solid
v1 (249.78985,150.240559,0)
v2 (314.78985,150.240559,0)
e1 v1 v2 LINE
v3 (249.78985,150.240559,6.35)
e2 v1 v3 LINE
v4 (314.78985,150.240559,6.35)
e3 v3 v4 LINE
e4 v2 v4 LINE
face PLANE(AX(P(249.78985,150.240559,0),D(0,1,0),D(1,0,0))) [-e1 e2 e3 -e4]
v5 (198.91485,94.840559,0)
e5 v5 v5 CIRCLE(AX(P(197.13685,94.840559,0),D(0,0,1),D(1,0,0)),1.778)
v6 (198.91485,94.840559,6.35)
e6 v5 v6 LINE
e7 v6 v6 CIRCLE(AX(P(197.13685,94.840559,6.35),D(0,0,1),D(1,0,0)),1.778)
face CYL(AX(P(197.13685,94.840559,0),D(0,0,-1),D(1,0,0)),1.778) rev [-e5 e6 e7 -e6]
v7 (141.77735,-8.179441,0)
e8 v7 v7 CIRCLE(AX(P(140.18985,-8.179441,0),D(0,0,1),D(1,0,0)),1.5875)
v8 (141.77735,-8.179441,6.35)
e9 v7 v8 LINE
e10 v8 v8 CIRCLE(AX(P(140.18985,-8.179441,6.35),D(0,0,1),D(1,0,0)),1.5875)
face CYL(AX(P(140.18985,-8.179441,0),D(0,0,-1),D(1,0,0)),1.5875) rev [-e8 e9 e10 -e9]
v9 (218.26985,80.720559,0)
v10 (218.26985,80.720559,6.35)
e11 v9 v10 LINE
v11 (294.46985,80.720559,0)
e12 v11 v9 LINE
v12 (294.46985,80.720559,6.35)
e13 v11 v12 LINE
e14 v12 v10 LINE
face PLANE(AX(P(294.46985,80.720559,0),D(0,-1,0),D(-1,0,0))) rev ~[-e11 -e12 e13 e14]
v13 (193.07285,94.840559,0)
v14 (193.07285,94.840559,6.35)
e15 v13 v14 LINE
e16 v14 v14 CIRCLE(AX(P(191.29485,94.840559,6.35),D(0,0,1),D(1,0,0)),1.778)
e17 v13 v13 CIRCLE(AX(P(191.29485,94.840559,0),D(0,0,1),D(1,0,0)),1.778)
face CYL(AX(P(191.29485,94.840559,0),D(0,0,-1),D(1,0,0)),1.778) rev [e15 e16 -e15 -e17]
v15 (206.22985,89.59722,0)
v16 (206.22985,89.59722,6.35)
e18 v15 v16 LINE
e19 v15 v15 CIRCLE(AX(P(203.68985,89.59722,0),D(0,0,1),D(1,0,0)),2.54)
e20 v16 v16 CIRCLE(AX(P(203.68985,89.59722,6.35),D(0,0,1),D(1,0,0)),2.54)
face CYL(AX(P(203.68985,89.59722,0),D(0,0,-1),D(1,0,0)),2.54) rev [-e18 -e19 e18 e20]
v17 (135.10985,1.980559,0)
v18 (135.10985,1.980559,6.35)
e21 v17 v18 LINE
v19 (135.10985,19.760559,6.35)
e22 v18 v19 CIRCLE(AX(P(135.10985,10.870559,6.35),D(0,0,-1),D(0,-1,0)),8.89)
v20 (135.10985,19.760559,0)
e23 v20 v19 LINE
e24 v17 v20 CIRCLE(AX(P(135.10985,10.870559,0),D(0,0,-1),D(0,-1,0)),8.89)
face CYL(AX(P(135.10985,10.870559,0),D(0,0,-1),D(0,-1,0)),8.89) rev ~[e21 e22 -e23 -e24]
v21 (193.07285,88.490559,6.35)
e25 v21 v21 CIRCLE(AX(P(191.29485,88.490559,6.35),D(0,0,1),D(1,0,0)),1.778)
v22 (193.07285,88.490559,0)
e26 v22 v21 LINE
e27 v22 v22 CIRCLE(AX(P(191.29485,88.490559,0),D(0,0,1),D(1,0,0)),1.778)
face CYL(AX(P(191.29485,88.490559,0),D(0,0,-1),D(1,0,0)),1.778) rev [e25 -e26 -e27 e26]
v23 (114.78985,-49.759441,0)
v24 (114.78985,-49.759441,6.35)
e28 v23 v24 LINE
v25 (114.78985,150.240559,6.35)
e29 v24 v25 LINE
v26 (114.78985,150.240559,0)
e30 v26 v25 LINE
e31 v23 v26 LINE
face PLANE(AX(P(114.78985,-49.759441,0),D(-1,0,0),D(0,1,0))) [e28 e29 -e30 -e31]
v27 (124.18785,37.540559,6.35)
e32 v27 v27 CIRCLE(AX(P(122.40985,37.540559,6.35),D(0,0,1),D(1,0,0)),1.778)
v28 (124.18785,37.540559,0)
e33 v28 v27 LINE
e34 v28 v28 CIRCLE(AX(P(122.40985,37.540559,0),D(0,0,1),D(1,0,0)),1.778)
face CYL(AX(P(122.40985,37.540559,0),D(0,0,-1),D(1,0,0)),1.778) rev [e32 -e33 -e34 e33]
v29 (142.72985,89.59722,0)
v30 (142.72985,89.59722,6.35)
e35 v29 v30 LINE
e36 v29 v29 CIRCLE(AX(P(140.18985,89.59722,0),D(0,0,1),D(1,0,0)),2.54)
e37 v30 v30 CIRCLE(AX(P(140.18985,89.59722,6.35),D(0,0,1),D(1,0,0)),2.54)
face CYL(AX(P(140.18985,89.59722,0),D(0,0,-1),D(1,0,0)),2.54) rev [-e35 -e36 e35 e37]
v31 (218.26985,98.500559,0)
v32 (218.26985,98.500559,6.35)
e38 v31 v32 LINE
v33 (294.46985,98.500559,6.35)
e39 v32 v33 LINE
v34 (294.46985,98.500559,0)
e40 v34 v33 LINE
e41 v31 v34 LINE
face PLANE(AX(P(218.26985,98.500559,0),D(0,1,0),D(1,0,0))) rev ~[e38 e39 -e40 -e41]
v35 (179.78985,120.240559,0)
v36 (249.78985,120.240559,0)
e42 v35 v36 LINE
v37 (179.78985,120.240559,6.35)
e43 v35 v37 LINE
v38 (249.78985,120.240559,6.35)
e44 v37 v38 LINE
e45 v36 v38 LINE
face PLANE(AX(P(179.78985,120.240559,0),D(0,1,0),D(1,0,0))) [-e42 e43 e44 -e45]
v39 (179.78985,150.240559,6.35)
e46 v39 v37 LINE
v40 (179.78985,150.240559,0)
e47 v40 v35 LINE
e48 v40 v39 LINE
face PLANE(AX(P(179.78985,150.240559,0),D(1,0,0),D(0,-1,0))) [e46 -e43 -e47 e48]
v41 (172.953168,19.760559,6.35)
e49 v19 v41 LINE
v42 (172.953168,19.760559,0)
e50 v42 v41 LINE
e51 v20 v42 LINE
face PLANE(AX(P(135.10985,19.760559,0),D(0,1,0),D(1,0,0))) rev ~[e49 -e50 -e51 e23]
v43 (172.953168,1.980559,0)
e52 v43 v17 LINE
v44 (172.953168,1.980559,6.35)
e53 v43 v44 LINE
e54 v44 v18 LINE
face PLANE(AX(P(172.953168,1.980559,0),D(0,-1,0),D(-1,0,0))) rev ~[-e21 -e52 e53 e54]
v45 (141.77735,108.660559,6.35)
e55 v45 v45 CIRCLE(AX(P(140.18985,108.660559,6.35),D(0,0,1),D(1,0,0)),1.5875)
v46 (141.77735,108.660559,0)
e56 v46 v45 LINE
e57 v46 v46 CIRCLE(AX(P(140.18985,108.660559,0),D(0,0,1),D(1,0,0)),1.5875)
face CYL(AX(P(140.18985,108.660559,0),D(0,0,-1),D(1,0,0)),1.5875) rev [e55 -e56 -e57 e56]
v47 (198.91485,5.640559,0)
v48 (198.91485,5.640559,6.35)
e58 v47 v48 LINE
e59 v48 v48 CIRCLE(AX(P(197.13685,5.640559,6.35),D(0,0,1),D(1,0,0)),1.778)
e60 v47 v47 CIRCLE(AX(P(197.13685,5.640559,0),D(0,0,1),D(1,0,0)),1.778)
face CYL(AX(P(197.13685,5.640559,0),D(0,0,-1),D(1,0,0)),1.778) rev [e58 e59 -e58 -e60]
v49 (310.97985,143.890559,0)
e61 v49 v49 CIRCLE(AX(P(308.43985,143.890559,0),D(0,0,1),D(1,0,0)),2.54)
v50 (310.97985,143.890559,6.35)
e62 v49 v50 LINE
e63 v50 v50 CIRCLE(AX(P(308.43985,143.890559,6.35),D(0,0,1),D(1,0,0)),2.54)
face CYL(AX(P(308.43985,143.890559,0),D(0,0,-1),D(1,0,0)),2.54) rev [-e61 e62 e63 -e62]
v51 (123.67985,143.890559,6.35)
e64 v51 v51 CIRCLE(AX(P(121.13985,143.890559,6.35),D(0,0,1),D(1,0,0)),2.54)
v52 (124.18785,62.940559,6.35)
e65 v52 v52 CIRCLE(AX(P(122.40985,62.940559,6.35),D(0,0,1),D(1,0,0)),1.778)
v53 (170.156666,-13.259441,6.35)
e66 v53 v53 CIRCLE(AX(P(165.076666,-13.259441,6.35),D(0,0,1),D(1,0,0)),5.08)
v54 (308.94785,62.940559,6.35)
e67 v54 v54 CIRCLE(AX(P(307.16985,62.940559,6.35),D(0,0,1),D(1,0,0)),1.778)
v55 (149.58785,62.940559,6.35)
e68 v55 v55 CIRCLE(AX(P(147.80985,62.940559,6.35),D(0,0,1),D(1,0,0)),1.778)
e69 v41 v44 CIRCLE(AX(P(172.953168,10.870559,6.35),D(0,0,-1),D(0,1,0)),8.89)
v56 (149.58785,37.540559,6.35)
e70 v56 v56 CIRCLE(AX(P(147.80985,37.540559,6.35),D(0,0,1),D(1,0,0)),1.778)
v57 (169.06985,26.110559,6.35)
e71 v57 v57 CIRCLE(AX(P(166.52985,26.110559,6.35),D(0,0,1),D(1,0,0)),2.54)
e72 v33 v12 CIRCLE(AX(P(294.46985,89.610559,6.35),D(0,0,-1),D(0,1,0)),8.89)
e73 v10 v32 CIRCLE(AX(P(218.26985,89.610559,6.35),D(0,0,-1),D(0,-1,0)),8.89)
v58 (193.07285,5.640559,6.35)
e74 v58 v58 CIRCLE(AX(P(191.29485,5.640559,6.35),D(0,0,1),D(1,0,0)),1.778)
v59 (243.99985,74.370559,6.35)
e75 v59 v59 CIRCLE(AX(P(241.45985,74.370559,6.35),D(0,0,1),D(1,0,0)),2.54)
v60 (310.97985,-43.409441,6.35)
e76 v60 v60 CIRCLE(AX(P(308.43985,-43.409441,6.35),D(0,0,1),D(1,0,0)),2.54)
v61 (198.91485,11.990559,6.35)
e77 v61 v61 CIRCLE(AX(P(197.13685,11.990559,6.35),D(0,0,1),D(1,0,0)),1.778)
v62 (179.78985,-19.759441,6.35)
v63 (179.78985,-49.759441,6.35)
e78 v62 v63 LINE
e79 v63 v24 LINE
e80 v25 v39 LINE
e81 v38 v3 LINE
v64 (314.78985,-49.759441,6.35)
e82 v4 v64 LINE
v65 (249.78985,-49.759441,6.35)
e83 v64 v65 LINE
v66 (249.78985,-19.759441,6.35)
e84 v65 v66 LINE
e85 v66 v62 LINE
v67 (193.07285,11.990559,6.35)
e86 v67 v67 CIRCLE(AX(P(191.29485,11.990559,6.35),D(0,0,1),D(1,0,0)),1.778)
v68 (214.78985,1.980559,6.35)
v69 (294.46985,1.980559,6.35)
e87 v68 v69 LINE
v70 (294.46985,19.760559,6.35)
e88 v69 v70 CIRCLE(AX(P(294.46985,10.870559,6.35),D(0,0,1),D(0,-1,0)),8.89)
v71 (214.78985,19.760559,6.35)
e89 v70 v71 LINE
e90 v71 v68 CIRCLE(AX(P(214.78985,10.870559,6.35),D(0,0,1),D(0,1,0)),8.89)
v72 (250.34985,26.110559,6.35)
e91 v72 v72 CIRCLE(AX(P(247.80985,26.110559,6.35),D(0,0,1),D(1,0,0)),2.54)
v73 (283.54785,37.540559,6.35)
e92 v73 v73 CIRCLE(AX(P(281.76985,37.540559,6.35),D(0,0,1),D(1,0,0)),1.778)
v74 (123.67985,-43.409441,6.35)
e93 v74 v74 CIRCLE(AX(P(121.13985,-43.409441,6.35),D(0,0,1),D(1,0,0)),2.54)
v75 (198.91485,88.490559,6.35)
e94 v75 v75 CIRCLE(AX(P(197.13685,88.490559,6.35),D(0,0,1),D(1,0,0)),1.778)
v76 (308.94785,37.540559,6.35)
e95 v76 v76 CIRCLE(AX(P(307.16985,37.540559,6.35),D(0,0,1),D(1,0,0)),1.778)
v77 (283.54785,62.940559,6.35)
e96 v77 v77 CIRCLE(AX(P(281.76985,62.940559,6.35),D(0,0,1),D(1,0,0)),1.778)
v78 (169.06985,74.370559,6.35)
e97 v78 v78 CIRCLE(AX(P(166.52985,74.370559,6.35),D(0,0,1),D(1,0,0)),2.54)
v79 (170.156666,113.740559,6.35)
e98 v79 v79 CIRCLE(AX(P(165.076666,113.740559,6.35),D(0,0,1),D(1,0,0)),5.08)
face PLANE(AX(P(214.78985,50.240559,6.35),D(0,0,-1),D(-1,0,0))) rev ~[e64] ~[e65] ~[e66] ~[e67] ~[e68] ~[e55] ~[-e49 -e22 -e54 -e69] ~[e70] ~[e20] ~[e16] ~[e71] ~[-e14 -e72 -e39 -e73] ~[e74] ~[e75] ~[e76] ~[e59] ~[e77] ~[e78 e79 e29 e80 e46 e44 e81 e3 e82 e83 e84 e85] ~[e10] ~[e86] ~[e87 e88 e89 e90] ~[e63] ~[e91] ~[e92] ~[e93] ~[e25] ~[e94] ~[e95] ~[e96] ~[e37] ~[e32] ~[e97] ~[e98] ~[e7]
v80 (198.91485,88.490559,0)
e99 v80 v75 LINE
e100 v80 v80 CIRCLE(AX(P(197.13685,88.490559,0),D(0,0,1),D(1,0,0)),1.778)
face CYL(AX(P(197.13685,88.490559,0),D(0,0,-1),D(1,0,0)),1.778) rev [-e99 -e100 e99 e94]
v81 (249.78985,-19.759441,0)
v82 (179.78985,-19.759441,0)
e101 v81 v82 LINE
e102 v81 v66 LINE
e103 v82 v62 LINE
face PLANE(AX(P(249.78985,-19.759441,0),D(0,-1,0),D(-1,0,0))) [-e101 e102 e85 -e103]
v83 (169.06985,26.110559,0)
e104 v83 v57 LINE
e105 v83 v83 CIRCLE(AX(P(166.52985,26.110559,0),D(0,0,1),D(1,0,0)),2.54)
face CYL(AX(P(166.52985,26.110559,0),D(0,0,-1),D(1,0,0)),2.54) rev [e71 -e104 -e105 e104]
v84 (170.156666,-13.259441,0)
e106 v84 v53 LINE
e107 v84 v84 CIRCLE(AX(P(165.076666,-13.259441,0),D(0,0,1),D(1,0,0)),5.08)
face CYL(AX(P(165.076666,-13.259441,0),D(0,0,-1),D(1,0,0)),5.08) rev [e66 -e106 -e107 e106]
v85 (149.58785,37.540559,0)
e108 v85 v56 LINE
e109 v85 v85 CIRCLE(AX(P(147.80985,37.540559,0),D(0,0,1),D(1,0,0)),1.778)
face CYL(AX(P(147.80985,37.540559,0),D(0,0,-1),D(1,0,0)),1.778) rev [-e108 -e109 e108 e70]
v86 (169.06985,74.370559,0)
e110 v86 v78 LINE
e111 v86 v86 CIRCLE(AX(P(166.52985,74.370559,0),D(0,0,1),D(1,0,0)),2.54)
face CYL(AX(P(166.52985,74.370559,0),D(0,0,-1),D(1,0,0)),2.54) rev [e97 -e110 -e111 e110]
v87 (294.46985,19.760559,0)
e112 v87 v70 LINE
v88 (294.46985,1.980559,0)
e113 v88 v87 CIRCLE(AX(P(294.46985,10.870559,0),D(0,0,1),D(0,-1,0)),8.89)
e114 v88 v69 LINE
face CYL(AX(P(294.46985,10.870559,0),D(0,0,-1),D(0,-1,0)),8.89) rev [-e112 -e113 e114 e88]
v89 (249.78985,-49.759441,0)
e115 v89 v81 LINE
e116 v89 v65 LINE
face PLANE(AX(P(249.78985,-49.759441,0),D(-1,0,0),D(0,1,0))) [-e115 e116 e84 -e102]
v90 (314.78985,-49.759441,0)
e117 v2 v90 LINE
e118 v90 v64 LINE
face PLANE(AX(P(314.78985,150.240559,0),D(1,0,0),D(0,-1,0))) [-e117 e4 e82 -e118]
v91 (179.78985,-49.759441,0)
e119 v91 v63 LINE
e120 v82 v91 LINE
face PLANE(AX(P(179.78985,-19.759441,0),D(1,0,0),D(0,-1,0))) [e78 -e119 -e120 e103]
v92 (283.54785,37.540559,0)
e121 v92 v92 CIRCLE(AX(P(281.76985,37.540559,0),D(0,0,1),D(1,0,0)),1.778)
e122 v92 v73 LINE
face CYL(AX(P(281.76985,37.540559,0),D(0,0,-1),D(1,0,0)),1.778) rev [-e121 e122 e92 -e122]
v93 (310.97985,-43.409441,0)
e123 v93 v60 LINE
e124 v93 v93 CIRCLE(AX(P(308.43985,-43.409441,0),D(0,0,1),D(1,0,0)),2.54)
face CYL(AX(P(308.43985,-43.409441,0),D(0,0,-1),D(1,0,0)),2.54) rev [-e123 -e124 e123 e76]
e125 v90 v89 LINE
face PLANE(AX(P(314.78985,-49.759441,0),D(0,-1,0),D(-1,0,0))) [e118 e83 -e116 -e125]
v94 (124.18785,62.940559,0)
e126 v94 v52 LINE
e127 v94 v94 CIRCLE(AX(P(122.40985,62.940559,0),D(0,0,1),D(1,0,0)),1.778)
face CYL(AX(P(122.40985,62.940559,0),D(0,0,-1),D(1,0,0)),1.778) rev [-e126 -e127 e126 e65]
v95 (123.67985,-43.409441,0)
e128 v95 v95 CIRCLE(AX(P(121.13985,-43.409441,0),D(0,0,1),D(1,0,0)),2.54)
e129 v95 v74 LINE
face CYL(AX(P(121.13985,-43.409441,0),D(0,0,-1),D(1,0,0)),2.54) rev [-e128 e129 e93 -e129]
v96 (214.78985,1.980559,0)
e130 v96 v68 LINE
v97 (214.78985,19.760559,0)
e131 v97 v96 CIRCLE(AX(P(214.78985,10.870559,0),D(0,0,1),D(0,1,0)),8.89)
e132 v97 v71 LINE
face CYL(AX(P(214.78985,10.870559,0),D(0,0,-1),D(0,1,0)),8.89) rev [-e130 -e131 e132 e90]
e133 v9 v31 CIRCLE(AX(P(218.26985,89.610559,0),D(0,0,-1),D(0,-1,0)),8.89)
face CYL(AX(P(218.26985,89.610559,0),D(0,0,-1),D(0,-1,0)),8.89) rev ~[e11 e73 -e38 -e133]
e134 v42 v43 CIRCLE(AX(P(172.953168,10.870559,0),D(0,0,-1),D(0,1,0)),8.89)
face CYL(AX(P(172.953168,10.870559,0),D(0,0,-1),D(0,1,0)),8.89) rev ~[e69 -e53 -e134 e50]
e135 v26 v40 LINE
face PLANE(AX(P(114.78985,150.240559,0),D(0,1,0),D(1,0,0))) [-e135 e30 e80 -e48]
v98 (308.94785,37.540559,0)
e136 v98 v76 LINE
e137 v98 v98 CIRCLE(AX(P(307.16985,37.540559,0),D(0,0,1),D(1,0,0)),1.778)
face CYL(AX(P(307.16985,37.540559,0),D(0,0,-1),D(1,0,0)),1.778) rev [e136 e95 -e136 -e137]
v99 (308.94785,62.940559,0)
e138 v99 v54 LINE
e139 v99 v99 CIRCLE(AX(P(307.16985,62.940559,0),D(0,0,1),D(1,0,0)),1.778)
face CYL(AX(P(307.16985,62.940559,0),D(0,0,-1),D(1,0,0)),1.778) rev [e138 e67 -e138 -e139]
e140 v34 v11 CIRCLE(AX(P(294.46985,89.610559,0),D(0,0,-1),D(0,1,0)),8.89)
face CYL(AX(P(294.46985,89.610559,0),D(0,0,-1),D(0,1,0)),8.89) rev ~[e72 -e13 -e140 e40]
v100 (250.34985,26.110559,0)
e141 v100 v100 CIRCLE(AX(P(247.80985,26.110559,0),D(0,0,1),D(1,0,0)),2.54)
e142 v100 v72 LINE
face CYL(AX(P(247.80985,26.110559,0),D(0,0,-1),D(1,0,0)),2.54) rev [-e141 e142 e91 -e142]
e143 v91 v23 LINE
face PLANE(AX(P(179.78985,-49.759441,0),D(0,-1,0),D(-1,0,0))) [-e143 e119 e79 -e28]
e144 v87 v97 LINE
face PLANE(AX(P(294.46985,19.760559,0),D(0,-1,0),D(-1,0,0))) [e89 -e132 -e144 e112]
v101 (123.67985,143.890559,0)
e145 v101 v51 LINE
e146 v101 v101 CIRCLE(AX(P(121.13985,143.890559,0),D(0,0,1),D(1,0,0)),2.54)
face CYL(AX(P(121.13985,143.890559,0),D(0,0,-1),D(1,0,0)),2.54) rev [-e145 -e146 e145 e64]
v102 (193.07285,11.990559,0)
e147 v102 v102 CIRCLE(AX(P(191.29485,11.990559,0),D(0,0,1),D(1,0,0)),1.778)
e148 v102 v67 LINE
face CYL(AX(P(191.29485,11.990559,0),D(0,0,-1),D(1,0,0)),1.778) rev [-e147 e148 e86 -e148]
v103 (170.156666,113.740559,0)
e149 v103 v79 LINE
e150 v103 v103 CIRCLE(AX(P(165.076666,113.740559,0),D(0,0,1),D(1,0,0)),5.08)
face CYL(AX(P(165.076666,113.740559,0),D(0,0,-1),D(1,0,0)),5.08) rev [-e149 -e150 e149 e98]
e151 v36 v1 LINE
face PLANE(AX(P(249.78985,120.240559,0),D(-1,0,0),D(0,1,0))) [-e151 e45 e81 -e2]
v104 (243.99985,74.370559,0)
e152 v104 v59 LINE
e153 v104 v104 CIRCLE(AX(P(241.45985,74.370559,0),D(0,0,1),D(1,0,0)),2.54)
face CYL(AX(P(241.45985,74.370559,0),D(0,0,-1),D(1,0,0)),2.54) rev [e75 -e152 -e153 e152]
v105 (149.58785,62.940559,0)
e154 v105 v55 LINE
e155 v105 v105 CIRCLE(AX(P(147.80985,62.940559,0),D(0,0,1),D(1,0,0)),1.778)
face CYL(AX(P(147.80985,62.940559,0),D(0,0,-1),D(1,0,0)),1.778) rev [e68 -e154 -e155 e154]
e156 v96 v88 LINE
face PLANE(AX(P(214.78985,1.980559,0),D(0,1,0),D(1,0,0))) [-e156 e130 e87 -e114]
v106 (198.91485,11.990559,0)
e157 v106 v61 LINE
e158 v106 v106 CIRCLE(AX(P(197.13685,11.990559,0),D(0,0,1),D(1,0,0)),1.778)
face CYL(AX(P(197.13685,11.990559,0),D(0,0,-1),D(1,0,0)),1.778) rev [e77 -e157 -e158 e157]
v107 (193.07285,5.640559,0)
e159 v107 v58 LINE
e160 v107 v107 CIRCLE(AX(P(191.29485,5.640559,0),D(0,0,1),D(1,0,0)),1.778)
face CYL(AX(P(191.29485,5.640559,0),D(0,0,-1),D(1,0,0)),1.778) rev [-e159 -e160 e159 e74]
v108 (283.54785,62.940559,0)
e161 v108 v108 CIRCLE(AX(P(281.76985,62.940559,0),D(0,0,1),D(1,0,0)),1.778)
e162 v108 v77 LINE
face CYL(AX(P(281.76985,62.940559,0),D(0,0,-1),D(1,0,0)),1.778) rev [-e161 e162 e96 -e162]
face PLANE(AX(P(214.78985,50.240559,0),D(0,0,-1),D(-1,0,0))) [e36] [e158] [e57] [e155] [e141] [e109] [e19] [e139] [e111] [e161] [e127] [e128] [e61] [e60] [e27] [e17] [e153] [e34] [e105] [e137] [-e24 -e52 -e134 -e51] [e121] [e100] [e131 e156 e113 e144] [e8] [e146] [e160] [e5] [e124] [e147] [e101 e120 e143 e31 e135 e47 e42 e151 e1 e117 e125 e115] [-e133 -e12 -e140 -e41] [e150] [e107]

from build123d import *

# Parameters (mm, degrees)
SKETCH1_R           = 1.5875
SKETCH1_R_2         = 1.778
SKETCH1_R_3         = 2.54
SKETCH1_R_4         = 5.08
BOSS_EXTRUDE1_DEPTH = 6.35


with BuildPart() as part:
    # Sketch1 → Boss-Extrude1 (new body)
    with BuildSketch(Plane.XY):
        Polygon((249.789850187, 150.240558714), (314.789850187, 150.240558714), (314.789850187, -49.759441286), (249.789850187, -49.759441286), (249.789850187, -19.759441286), (179.789850187, -19.759441286), (179.789850187, -49.759441286), (114.789850187, -49.759441286), (114.789850187, 150.240558714), (179.789850187, 150.240558714), (179.789850187, 120.240558714), (249.789850187, 120.240558714), align=None)
        with Locations((140.189850187, -8.179441286)):
            Circle(SKETCH1_R, mode=Mode.SUBTRACT)
        with Locations((122.409850187, 62.940558714)):
            Circle(SKETCH1_R_2, mode=Mode.SUBTRACT)
        with Locations((122.409850187, 37.540558714)):
            Circle(SKETCH1_R_2, mode=Mode.SUBTRACT)
        with Locations((147.809850187, 37.540558714)):
            Circle(SKETCH1_R_2, mode=Mode.SUBTRACT)
        with Locations((140.189850187, 108.660558714)):
            Circle(SKETCH1_R, mode=Mode.SUBTRACT)
        with Locations((147.809850187, 62.940558714)):
            Circle(SKETCH1_R_2, mode=Mode.SUBTRACT)
        with Locations((281.769850187, 62.940558714)):
            Circle(SKETCH1_R_2, mode=Mode.SUBTRACT)
        with Locations((307.169850187, 62.940558714)):
            Circle(SKETCH1_R_2, mode=Mode.SUBTRACT)
        with Locations((281.769850187, 37.540558714)):
            Circle(SKETCH1_R_2, mode=Mode.SUBTRACT)
        with Locations((307.169850187, 37.540558714)):
            Circle(SKETCH1_R_2, mode=Mode.SUBTRACT)
        with Locations((121.139850187, 143.890558714)):
            Circle(SKETCH1_R_3, mode=Mode.SUBTRACT)
        with Locations((140.189850187, 89.597220113)):
            Circle(SKETCH1_R_3, mode=Mode.SUBTRACT)
        with Locations((203.689850187, 89.597220113)):
            Circle(SKETCH1_R_3, mode=Mode.SUBTRACT)
        with Locations((191.294850187, 11.990558714)):
            Circle(SKETCH1_R_2, mode=Mode.SUBTRACT)
        with Locations((197.136850187, 11.990558714)):
            Circle(SKETCH1_R_2, mode=Mode.SUBTRACT)
        with Locations((191.294850187, 5.640558714)):
            Circle(SKETCH1_R_2, mode=Mode.SUBTRACT)
        with Locations((197.136850187, 5.640558714)):
            Circle(SKETCH1_R_2, mode=Mode.SUBTRACT)
        with Locations((191.294850187, 94.840558714)):
            Circle(SKETCH1_R_2, mode=Mode.SUBTRACT)
        with Locations((191.294850187, 88.490558714)):
            Circle(SKETCH1_R_2, mode=Mode.SUBTRACT)
        with Locations((197.136850187, 88.490558714)):
            Circle(SKETCH1_R_2, mode=Mode.SUBTRACT)
        with Locations((197.136850187, 94.840558714)):
            Circle(SKETCH1_R_2, mode=Mode.SUBTRACT)
        with Locations((166.529850187, 74.370558714)):
            Circle(SKETCH1_R_3, mode=Mode.SUBTRACT)
        with Locations((241.459850187, 74.370558714)):
            Circle(SKETCH1_R_3, mode=Mode.SUBTRACT)
        with Locations((166.529850187, 26.110558714)):
            Circle(SKETCH1_R_3, mode=Mode.SUBTRACT)
        with Locations((247.809850187, 26.110558714)):
            Circle(SKETCH1_R_3, mode=Mode.SUBTRACT)
        with Locations((121.139850187, -43.409441286)):
            Circle(SKETCH1_R_3, mode=Mode.SUBTRACT)
        with Locations((308.439850187, -43.409441286)):
            Circle(SKETCH1_R_3, mode=Mode.SUBTRACT)
        with Locations((308.439850187, 143.890558714)):
            Circle(SKETCH1_R_3, mode=Mode.SUBTRACT)
        with Locations((165.076665974, 113.740558714)):
            Circle(SKETCH1_R_4, mode=Mode.SUBTRACT)
        with Locations((165.076665974, -13.259441286)):
            Circle(SKETCH1_R_4, mode=Mode.SUBTRACT)
        with BuildLine():
            Line((135.109850187, 19.760558714), (172.953168155, 19.760558714))
            ThreePointArc((172.953168155, 19.760558714), (181.843168155, 10.870558714), (172.953168155, 1.980558714))
            Line((172.953168155, 1.980558714), (135.109850187, 1.980558714))
            ThreePointArc((135.109850187, 1.980558714), (126.219850187, 10.870558714), (135.109850187, 19.760558714))
        make_face(mode=Mode.SUBTRACT)
        with BuildLine():
            Line((218.269850187, 98.500558714), (294.469850187, 98.500558714))
            ThreePointArc((294.469850187, 98.500558714), (303.359850187, 89.610558714), (294.469850187, 80.720558714))
            Line((294.469850187, 80.720558714), (218.269850187, 80.720558714))
            ThreePointArc((218.269850187, 80.720558714), (209.379850187, 89.610558714), (218.269850187, 98.500558714))
        make_face(mode=Mode.SUBTRACT)
        with BuildLine():
            Line((214.789850187, 1.980558714), (294.469850187, 1.980558714))
            ThreePointArc((294.469850187, 1.980558714), (303.359850187, 10.870558714), (294.469850187, 19.760558714))
            Line((294.469850187, 19.760558714), (214.789850187, 19.760558714))
            ThreePointArc((214.789850187, 19.760558714), (205.899850187, 10.870558714), (214.789850187, 1.980558714))
        make_face(mode=Mode.SUBTRACT)
    extrude(amount=BOSS_EXTRUDE1_DEPTH)


solid = part.part
